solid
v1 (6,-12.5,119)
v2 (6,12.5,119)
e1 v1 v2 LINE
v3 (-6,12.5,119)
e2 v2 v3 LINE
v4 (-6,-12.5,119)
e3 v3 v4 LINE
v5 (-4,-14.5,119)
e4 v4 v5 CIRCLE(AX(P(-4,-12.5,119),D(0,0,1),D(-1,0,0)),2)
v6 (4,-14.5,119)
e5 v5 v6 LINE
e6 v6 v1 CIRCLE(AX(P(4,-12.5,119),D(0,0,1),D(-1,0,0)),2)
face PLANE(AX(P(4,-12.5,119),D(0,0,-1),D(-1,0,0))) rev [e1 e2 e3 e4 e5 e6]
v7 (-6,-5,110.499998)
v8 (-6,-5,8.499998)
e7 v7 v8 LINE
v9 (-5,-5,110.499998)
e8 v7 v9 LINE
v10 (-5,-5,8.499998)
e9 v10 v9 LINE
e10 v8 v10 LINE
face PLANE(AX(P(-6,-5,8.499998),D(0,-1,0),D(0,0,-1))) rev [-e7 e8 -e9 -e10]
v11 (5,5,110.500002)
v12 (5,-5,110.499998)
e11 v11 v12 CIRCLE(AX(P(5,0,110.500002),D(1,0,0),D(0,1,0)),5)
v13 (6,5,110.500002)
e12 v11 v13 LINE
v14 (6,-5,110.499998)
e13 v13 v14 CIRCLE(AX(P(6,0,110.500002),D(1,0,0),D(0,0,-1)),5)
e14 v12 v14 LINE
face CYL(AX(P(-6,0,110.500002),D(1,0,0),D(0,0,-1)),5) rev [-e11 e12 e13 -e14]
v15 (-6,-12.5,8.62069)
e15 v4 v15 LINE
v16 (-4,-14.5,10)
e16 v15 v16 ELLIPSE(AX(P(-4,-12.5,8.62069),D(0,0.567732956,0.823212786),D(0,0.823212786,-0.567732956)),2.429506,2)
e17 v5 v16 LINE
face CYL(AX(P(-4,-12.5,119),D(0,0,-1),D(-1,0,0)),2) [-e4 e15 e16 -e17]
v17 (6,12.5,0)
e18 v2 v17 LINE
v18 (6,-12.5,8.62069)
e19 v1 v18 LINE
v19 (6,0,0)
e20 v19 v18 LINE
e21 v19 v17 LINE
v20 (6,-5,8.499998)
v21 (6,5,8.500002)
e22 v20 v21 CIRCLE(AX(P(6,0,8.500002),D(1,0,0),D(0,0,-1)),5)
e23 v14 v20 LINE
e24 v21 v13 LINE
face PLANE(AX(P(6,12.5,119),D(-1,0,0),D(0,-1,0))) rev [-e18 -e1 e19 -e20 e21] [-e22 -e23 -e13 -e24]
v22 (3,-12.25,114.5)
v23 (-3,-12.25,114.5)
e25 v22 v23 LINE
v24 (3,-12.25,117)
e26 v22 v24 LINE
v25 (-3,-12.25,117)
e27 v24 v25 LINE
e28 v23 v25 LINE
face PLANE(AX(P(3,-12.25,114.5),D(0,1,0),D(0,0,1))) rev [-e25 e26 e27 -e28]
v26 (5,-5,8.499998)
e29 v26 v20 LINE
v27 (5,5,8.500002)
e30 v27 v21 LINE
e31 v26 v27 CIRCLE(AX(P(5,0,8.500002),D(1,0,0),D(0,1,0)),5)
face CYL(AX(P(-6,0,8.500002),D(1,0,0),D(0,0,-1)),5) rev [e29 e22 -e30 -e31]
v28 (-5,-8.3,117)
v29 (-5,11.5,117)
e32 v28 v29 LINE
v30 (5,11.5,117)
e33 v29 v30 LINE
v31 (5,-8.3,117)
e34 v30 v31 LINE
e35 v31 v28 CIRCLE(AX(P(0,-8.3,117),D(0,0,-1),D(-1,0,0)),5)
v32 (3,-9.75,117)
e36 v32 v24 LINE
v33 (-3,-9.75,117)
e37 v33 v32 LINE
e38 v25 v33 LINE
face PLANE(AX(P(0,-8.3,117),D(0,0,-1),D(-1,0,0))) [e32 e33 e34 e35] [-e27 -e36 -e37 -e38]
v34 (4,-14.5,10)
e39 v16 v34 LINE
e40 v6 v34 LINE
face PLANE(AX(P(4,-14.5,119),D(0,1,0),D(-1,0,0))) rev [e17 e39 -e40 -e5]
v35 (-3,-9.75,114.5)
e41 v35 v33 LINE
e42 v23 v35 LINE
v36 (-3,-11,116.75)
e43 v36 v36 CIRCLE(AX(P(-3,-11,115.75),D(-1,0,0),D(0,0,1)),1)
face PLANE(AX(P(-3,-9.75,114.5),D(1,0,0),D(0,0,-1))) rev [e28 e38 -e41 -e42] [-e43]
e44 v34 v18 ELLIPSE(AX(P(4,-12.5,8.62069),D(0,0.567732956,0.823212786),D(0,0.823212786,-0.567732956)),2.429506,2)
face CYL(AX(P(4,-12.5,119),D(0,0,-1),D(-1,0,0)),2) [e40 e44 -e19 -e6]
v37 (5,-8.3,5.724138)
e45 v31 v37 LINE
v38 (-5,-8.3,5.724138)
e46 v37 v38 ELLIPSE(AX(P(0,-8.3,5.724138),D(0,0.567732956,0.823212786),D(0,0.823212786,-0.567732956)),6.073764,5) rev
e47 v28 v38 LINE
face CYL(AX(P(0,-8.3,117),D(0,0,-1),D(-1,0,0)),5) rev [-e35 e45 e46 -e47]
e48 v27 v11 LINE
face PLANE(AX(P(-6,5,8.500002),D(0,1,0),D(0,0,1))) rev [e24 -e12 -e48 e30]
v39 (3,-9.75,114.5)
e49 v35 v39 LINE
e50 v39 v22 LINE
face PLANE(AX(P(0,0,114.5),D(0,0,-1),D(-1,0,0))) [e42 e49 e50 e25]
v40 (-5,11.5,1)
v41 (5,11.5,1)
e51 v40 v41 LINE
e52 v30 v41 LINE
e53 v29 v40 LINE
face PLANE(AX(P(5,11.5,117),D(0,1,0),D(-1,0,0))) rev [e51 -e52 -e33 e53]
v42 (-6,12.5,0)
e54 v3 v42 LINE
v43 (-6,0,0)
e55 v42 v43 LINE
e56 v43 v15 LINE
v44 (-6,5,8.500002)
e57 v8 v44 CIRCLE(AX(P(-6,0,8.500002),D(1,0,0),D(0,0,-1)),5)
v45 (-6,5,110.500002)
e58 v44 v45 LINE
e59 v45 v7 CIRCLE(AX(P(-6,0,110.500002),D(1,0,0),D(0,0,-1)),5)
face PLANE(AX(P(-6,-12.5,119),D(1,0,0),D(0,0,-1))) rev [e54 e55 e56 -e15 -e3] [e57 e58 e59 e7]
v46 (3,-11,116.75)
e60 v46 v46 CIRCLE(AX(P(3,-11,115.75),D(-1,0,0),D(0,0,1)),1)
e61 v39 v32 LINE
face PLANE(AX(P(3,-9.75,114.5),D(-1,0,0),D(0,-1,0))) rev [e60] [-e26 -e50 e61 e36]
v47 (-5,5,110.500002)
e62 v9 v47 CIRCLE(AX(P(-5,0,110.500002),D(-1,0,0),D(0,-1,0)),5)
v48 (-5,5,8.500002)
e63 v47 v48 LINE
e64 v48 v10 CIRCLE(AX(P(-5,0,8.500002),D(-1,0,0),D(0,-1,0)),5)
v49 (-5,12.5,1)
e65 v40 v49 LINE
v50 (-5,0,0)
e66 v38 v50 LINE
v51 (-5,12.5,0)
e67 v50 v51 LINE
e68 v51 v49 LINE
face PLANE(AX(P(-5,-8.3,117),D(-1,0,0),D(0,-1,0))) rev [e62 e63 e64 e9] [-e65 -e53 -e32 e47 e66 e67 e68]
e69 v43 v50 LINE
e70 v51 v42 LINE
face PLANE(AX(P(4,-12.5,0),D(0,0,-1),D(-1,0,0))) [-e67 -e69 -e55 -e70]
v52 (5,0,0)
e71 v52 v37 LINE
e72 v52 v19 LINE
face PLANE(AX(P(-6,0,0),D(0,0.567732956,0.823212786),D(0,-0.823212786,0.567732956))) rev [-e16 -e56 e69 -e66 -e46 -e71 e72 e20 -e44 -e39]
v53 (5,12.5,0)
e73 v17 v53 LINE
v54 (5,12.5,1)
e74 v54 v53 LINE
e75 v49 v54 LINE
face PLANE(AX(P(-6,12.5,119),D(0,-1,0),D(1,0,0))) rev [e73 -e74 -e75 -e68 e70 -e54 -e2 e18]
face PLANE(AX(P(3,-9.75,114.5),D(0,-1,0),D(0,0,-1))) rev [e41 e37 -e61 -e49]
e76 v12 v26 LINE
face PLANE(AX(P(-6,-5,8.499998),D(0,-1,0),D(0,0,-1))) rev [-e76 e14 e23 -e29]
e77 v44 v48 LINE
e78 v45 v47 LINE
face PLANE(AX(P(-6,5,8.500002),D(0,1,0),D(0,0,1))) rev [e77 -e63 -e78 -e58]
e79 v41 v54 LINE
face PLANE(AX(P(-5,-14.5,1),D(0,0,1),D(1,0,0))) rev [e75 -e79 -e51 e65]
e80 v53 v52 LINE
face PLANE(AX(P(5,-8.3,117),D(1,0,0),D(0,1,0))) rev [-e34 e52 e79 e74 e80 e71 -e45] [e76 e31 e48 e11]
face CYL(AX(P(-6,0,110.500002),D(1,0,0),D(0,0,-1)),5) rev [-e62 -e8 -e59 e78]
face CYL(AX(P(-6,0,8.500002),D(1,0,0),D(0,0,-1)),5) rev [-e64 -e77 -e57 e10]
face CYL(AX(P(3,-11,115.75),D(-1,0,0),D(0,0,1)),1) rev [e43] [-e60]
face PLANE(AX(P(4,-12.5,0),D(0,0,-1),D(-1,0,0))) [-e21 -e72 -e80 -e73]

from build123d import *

# Parameters (mm, degrees)
BOSS_EXTRUDE1_DEPTH     = 119
CUT_EXTRUDE1_DEPTH      = 117
CUT_EXTRUDE2_DEPTH      = 121.479251326
SKETCH5_W               = 10
SKETCH5_H               = 2
CUT_EXTRUDE4_DEPTH      = 123.172009888
CUT_EXTRUDE5_DEPTH      = 121.030204532
CUT_EXTRUDE5_DEPTH_BACK = 121.030204532
SKETCH7_W               = 6
SKETCH7_H               = 2.5
BOSS_EXTRUDE2_DEPTH     = 2.5
SKETCH10_R              = 1
CUT_EXTRUDE6_DEPTH      = 6


with BuildPart() as part:
    # Sketch1 → Boss-Extrude1 (new body)
    with BuildSketch(Plane.XY):
        with BuildLine():
            Line((-6, 12.5), (6, 12.5))
            Line((6, 12.5), (6, -12.5))
            ThreePointArc((6, -12.5), (5.414213562, -13.914213562), (4, -14.5))
            Line((4, -14.5), (-4, -14.5))
            ThreePointArc((-4, -14.5), (-5.414213562, -13.914213562), (-6, -12.5))
            Line((-6, -12.5), (-6, 12.5))
        make_face()
    extrude(amount=BOSS_EXTRUDE1_DEPTH)

    # Sketch2 → Cut-Extrude1 (cut)
    with BuildSketch(Plane(origin=(0, 0, 0), x_dir=(-1, 0, 0), z_dir=(0, 0, -1))):
        with BuildLine():
            Line((-5, -8.3), (-5, 11.5))
            Line((-5, 11.5), (5, 11.5))
            Line((5, 11.5), (5, -8.3))
            ThreePointArc((5, -8.3), (0, -13.3), (-5, -8.3))
        make_face()
    extrude(amount=-CUT_EXTRUDE1_DEPTH, mode=Mode.SUBTRACT)

    # Sketch3 → Cut-Extrude2 (cut, through all)
    with BuildSketch(Plane(origin=(6, 0, 0), x_dir=(0, 0, -1), z_dir=(1, 0, 0))):
        with BuildLine():
            Line((-8.499997834, -5), (-110.499997834, -5))
            ThreePointArc((-110.499997834, -5), (-115.500002166, -2.166e-06), (-110.500002166, 5))
            Line((-110.500002166, 5), (-8.500002166, 5))
            ThreePointArc((-8.500002166, 5), (-3.500002166, 2.166e-06), (-8.499997834, -5))
        make_face()
    extrude(amount=-CUT_EXTRUDE2_DEPTH, mode=Mode.SUBTRACT)

    # Sketch5 → Cut-Extrude4 (cut, through all)
    with BuildSketch(Plane(origin=(0, 12.5, 0), x_dir=(1, 0, 0), z_dir=(0, 1, 0))):
        Rectangle(SKETCH5_W, SKETCH5_H)
    extrude(amount=-CUT_EXTRUDE4_DEPTH, mode=Mode.SUBTRACT)

    # Sketch6 → Cut-Extrude5 (cut, two sides: drawn at the far end of the back side and taken through both)
    with BuildSketch(Plane(origin=(0, 0, 0), x_dir=(0, 0, -1), z_dir=(1, 0, 0)).offset(-CUT_EXTRUDE5_DEPTH_BACK)):
        Polygon((0, 0), (-10, -14.5), (0, -14.5), align=None)
    extrude(amount=CUT_EXTRUDE5_DEPTH + CUT_EXTRUDE5_DEPTH_BACK, mode=Mode.SUBTRACT)

    # Sketch7 → Boss-Extrude2 (add)
    with BuildSketch(Plane(origin=(0, 0, 117), x_dir=(-1, 0, 0), z_dir=(0, 0, -1))):
        with Locations((0, -11)):
            Rectangle(SKETCH7_W, SKETCH7_H)
    extrude(amount=BOSS_EXTRUDE2_DEPTH)

    # Sketch10 → Cut-Extrude6 (cut)
    with BuildSketch(Plane.ZY.offset(3)):
        with Locations((115.75, -11)):
            Circle(SKETCH10_R)
    extrude(amount=-CUT_EXTRUDE6_DEPTH, mode=Mode.SUBTRACT)


solid = part.part
